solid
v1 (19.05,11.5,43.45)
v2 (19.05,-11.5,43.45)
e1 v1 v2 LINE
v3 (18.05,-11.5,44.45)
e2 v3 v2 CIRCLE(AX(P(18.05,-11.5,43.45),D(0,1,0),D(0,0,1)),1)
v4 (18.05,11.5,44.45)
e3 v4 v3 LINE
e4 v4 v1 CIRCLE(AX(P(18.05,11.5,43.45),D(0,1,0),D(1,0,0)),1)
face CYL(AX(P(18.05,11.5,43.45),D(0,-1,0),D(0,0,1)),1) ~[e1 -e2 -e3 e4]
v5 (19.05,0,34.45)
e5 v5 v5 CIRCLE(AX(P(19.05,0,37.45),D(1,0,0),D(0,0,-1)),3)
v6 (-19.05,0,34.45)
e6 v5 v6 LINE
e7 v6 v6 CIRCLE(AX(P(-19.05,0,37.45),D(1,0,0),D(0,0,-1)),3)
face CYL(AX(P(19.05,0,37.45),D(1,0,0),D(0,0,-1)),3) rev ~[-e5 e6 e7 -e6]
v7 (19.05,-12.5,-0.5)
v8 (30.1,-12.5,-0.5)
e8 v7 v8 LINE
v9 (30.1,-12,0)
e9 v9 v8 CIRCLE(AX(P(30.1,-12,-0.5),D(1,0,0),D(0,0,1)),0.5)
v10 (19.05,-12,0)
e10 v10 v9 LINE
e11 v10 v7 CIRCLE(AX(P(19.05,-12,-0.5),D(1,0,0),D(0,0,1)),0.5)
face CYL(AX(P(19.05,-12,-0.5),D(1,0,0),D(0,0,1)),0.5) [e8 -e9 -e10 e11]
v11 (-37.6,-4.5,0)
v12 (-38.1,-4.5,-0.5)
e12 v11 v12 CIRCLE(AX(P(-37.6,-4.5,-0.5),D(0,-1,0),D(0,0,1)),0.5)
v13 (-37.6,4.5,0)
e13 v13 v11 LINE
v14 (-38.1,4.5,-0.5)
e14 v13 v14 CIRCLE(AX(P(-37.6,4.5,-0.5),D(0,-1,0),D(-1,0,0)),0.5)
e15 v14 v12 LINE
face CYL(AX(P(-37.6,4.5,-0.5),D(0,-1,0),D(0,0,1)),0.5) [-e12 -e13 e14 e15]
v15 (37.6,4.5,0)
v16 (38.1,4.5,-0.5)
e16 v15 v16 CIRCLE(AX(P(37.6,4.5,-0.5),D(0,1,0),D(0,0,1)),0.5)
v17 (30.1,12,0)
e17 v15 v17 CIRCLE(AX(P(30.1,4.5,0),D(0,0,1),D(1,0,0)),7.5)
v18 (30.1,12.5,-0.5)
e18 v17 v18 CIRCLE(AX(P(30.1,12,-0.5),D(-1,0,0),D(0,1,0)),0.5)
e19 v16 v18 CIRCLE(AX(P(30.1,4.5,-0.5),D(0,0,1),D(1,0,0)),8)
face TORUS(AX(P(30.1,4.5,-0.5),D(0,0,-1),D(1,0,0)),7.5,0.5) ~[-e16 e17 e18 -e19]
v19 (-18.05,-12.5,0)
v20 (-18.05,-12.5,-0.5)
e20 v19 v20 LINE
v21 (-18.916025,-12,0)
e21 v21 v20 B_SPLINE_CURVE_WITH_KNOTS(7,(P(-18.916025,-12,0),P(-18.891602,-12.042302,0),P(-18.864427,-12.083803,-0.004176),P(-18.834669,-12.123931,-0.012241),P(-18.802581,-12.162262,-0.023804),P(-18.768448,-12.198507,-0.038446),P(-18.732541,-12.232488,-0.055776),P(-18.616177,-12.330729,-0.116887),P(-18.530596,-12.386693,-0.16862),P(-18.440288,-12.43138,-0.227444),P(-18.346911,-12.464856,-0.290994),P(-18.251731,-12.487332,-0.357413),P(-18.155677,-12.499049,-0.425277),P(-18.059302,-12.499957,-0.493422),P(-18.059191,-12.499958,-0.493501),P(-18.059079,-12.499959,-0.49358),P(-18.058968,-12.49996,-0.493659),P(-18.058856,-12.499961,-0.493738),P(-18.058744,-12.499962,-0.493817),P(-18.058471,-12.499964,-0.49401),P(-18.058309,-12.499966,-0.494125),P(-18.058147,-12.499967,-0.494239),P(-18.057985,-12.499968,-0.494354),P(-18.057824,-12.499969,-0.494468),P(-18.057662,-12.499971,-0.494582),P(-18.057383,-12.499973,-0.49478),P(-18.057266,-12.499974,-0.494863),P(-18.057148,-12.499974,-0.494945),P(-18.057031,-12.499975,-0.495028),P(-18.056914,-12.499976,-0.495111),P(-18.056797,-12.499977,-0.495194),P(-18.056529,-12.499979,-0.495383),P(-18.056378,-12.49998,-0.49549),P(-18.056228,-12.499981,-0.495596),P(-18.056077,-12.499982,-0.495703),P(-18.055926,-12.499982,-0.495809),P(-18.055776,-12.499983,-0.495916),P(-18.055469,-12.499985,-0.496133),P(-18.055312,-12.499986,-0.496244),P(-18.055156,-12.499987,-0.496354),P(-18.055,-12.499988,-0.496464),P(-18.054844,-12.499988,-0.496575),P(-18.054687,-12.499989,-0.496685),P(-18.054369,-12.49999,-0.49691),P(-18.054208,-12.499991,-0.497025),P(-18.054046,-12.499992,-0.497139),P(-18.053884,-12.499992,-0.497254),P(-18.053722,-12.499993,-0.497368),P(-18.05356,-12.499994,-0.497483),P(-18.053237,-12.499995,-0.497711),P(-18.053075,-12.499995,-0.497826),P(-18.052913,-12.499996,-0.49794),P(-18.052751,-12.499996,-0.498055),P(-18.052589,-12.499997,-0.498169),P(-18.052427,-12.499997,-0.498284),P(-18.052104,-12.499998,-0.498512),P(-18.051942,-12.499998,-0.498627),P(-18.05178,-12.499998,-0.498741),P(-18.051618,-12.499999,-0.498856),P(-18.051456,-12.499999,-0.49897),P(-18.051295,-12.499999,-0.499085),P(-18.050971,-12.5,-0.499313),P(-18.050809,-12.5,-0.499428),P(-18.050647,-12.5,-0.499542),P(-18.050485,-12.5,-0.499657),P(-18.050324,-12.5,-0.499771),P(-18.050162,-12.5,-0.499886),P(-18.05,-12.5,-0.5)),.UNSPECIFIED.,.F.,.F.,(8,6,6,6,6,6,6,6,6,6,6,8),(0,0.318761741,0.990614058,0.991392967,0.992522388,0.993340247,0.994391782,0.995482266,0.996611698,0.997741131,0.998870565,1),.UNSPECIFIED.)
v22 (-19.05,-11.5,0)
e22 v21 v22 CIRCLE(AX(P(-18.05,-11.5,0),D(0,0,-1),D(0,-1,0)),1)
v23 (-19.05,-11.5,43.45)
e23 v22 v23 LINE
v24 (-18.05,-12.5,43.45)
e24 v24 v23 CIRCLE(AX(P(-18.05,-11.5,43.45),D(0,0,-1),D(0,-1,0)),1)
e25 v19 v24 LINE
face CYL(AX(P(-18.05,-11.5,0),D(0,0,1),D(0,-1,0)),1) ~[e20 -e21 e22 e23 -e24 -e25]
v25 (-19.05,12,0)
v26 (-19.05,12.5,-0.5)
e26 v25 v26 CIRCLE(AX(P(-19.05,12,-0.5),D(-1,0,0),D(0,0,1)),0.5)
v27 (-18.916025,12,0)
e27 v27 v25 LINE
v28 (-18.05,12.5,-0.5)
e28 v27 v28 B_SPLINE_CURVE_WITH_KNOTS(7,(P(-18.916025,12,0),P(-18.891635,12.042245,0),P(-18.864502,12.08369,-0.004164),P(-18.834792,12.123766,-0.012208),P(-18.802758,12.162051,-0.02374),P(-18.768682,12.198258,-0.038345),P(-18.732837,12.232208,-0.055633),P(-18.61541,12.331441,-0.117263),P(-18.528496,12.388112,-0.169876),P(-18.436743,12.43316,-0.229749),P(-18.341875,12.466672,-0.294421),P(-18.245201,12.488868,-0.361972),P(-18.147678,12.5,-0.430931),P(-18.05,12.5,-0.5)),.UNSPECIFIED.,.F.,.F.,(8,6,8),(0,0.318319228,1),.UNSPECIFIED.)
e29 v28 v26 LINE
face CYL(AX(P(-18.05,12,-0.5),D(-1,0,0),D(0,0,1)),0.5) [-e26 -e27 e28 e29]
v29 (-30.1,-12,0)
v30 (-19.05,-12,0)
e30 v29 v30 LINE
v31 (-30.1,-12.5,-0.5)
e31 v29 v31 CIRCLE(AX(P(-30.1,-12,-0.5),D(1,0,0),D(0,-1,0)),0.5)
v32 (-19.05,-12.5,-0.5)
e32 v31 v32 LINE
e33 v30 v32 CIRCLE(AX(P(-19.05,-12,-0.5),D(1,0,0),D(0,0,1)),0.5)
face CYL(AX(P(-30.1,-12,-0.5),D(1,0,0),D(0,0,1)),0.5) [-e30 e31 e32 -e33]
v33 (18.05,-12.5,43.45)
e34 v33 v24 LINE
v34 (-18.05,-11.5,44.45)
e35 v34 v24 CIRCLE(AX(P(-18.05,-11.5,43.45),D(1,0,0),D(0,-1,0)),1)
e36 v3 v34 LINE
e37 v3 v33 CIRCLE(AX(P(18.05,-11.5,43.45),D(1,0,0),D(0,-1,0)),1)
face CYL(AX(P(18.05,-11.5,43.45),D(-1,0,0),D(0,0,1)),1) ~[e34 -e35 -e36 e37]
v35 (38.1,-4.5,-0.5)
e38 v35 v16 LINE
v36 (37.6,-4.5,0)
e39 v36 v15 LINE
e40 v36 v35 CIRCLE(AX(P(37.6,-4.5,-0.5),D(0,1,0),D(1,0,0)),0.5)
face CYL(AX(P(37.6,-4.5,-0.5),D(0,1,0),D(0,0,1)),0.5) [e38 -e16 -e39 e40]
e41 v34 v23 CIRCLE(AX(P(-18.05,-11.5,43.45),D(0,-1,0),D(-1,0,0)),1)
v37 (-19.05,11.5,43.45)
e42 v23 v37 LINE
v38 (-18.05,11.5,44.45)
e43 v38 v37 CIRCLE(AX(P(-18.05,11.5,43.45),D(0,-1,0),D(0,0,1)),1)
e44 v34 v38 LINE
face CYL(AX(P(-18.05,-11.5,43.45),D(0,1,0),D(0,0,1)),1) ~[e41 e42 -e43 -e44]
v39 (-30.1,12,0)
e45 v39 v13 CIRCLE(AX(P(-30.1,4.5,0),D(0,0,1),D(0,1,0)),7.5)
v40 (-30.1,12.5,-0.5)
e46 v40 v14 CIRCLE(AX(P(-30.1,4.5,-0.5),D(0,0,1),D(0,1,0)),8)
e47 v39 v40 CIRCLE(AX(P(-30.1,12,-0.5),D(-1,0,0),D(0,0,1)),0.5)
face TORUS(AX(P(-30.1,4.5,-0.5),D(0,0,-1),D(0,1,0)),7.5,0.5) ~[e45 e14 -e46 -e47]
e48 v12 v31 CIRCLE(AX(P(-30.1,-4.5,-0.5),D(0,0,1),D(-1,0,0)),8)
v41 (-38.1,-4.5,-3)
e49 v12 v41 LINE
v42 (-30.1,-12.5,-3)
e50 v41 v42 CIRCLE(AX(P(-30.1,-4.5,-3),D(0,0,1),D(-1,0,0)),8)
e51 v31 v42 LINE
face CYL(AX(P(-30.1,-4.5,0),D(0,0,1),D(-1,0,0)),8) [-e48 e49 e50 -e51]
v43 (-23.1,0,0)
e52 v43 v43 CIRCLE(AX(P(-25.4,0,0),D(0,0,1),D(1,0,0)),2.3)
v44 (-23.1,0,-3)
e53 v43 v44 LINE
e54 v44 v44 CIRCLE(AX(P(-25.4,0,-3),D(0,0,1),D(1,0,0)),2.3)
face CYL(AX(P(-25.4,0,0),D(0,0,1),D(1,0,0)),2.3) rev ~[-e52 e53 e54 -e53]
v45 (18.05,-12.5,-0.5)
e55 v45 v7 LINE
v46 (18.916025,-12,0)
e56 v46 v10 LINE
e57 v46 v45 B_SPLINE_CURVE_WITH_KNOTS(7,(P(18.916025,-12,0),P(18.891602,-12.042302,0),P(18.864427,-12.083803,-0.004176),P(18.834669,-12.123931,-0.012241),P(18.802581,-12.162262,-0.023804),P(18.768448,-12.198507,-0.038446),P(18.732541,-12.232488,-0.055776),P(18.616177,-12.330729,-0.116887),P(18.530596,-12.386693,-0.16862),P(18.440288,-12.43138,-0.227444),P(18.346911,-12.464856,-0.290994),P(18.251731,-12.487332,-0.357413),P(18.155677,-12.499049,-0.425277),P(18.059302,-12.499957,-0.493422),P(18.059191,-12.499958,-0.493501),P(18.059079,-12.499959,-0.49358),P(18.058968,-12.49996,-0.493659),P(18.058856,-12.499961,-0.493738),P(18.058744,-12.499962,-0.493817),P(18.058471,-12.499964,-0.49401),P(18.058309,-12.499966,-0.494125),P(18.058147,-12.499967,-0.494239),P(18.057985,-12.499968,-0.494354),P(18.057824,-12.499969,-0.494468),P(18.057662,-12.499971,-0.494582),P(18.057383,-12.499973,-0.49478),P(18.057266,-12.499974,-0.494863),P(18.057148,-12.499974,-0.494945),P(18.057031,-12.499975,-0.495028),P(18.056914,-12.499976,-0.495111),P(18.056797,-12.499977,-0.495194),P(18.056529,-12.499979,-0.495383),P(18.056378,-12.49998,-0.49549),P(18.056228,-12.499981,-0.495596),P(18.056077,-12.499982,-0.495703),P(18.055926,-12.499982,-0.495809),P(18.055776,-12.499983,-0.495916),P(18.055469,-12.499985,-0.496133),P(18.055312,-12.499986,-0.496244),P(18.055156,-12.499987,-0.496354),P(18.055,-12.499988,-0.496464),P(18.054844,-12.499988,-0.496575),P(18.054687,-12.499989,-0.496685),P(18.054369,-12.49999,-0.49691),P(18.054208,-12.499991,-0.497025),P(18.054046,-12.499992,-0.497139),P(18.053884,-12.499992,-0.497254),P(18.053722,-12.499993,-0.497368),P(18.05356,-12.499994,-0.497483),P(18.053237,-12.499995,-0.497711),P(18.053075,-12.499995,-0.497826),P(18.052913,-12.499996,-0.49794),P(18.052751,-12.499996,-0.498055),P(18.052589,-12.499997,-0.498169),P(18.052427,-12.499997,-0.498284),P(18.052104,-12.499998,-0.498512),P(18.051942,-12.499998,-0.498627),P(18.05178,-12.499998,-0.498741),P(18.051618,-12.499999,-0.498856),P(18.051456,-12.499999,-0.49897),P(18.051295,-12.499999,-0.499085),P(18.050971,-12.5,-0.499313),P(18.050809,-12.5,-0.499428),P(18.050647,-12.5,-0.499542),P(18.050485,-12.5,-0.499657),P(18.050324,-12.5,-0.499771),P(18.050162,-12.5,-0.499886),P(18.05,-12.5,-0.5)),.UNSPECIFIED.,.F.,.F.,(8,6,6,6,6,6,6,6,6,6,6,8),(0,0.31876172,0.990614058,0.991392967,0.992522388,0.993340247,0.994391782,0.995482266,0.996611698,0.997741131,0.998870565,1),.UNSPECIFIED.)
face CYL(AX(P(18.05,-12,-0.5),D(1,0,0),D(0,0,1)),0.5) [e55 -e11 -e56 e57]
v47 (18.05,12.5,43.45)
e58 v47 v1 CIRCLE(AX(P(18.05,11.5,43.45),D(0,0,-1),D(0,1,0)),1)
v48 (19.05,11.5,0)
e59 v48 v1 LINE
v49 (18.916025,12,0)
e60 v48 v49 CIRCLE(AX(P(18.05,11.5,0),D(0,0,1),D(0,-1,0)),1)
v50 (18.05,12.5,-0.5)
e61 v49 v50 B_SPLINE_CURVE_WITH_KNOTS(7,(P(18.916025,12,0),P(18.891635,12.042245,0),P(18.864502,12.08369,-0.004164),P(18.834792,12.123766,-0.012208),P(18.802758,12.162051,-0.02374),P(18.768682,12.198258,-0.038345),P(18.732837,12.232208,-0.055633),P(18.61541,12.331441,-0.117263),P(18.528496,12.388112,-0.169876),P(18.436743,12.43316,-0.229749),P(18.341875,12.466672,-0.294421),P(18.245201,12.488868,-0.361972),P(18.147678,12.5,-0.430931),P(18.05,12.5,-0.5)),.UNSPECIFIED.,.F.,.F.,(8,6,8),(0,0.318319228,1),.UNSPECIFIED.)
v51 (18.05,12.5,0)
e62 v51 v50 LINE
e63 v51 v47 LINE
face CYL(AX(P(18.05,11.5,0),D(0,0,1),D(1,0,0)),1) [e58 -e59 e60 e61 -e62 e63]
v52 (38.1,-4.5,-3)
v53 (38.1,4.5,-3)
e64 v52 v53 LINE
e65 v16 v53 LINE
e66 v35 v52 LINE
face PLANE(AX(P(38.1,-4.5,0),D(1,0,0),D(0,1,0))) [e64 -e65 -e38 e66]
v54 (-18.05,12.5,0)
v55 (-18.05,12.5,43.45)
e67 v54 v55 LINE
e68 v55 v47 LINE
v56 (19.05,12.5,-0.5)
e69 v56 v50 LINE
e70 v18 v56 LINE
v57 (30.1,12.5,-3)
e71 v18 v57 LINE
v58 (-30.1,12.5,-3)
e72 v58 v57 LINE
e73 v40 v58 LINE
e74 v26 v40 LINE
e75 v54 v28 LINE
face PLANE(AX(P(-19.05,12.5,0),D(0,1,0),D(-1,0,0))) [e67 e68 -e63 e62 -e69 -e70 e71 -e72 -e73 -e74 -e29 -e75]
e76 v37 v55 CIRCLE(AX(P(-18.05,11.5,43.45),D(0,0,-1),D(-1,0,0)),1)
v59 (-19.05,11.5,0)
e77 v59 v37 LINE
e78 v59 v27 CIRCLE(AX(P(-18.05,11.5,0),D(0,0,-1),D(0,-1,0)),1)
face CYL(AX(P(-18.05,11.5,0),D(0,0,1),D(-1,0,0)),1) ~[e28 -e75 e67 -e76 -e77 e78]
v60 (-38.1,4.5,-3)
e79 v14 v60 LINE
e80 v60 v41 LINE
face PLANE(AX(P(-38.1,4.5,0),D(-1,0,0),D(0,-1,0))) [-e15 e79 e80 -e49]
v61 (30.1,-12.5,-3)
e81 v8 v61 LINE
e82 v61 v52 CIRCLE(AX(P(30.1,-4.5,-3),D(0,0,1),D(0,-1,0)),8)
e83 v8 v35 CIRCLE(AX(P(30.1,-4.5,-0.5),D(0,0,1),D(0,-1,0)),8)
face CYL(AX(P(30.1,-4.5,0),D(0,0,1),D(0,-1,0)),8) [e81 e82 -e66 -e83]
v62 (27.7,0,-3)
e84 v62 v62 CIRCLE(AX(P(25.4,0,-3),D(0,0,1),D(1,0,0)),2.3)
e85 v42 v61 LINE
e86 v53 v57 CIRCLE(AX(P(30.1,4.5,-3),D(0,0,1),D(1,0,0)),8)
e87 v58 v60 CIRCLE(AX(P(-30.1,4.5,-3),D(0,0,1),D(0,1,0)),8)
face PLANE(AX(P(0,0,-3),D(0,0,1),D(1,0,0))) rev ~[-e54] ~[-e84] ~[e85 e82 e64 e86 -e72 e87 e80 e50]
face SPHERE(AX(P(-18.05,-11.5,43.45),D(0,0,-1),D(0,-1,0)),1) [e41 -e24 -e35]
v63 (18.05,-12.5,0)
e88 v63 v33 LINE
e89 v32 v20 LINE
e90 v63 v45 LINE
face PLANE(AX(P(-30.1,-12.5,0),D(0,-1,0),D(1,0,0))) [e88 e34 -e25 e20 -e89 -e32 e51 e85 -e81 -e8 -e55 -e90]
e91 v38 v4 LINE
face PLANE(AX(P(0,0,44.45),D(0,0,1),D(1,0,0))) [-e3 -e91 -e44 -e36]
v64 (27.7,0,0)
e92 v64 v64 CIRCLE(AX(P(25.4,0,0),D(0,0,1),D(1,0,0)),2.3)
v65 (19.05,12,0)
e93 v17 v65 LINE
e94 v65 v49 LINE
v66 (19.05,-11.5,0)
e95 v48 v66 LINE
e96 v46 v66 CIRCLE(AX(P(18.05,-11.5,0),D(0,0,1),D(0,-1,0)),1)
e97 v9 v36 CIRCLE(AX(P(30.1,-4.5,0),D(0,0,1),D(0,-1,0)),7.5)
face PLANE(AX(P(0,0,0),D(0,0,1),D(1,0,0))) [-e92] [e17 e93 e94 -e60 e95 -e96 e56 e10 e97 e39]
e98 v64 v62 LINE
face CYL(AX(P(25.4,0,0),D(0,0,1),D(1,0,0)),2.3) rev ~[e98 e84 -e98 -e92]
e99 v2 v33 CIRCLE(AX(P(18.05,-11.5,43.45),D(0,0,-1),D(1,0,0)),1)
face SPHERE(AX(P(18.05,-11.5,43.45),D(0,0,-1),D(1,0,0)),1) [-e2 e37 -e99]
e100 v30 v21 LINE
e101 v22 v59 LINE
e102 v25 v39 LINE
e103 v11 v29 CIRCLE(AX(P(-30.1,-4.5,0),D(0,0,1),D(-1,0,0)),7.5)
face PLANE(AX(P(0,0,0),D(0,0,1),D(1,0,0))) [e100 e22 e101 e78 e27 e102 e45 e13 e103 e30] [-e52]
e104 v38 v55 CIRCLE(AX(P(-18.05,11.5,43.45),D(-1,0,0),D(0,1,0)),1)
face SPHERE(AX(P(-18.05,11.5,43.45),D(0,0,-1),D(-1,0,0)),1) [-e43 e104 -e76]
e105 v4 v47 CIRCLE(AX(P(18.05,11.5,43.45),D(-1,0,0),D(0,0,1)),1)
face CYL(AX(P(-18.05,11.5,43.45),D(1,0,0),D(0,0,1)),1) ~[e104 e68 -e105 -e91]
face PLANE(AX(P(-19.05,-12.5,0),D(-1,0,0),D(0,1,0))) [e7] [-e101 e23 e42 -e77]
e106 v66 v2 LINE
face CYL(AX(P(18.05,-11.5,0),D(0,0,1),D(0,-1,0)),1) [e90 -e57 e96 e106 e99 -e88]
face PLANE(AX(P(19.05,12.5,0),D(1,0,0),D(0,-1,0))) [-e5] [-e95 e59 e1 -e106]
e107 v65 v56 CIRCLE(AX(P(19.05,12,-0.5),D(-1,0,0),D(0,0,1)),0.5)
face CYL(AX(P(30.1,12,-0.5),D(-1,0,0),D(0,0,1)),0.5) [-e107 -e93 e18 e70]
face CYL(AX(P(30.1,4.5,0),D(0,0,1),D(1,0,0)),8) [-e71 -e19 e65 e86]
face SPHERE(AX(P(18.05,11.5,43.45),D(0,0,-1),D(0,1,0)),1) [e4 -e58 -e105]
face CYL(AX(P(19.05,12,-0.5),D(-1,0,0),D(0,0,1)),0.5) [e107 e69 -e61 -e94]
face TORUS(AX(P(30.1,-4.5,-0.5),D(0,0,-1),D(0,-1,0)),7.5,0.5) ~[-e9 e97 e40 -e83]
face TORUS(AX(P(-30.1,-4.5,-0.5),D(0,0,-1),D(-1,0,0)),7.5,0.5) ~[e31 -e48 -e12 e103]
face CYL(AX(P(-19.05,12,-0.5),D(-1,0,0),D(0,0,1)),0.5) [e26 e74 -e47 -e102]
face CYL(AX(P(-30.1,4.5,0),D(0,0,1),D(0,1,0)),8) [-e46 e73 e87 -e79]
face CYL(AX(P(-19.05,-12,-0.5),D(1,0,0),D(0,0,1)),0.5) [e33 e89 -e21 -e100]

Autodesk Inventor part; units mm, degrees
ref_plane "YZ Plane" through (0, 0, 0) normal (1, 0, 0) x (0, 1, 0)
ref_plane "XZ Plane" through (0, 0, 0) normal (0, 1, 0) x (-1, 0, 0)
ref_plane "XY Plane" through (0, 0, 0) normal (0, 0, 1) x (1, 0, 0)
sketch "Sketch1" plane through (0, 0, 0) normal (0, 0, 1) x (1, 0, 0)
  line L0 (-30.1, -12.5) -> (30.1, -12.5)
  line L1 (38.1, -4.5) -> (38.1, 4.5)
  line L2 (30.1, 12.5) -> (-30.1, 12.5)
  line L3 (-38.1, 4.5) -> (-38.1, -4.5)
  line L4 (-38.1, -12.5) -> (38.1, 12.5) construction
  line L5 (38.1, -12.5) -> (-38.1, 12.5) construction
  line L6 (-38.1, 0) -> (38.1, 0) construction
  line L7 (0, 12.5) -> (0, -12.5) construction
  circle A0 centre (0, 0) radius 25.4 construction
  line L8 (-19.05, 12.5) -> (19.05, 12.5) construction
  line L9 (19.05, 12.5) -> (19.05, -12.5)
  line L10 (19.05, -12.5) -> (-19.05, -12.5) construction
  line L11 (-19.05, -12.5) -> (-19.05, 12.5)
  line L12 (-19.05, 12.5) -> (19.05, -12.5) construction
  line L13 (19.05, 12.5) -> (-19.05, -12.5) construction
  circle A1 centre (-25.4, 0) radius 2.3
  circle A2 centre (25.4, 0) radius 2.3
  arc A3 (-30.1, 12.5) -> (-38.1, 4.5) centre (-30.1, 4.5) ccw
  arc A4 (-38.1, -4.5) -> (-30.1, -12.5) centre (-30.1, -4.5) ccw
  arc A5 (30.1, -12.5) -> (38.1, -4.5) centre (30.1, -4.5) ccw
  arc A6 (38.1, 4.5) -> (30.1, 12.5) centre (30.1, 4.5) ccw
  dimension "d2" = 50.8
  dimension "d0" = 76.2
  dimension "d1" = 25
  dimension "d3" = 38.1
  dimension "d4" = 25
  dimension "d5" = 4.6
  dimension "d6" = 8
extrude "Extrusion1" add sketch "Sketch1" against normal blind 3
extrude "Extrusion2" add sketch "Sketch1" along normal blind 44.45 contours L11 L2 L9 L0
sketch "Sketch2" plane through (19.05, -12.5, 0) normal (1, 0, 0) x (0, 0, -1)
  line L0 (-44.45, 0) -> (-44.45, 25) construction
  line L1 (-44.45, 12.5) -> (3, 12.5) construction
  line L2 (3, 8) -> (3, 17) construction
  circle A0 centre (-37.45, 12.5) radius 3
  point P0 (0, 12.5)
  dimension "d11" = 6
  dimension "d12" = 7
extrude "Extrusion3" cut sketch "Sketch2" against normal blind 44.45
fillet "Fillet1" radius 1 4 edges at (19.05, -12.5, 22.225) (19.05, 12.5, 22.225) (-19.05, 12.5, 22.225) (-19.05, -12.5, 22.225)
fillet "Fillet2" radius 1 8 edges at (-18.7571, -12.2071, 44.45) (0, -12.5, 44.45) (18.7571, -12.2071, 44.45) (19.05, 0, 44.45) (18.7571, 12.2071, 44.45) (0, 12.5, 44.45) (-18.7571, 12.2071, 44.45) (-19.05, 0, 44.45)
fillet "Fillet3" radius 0.5 14 edges at (-35.7569, -10.1569, 0) (-18.55, -12.5, 0) (-24.575, -12.5, 0) (-35.7569, 10.1569, 0) (-18.55, 12.5, 0) (-24.575, 12.5, 0) (-38.1, 0, 0) (38.1, 0, 0) (35.7569, 10.1569, 0) (18.55, 12.5, 0) (24.575, 12.5, 0) (18.55, -12.5, 0) (24.575, -12.5, 0) (35.7569, -10.1569, 0)
properties part number "camstand1.75inch tall"
